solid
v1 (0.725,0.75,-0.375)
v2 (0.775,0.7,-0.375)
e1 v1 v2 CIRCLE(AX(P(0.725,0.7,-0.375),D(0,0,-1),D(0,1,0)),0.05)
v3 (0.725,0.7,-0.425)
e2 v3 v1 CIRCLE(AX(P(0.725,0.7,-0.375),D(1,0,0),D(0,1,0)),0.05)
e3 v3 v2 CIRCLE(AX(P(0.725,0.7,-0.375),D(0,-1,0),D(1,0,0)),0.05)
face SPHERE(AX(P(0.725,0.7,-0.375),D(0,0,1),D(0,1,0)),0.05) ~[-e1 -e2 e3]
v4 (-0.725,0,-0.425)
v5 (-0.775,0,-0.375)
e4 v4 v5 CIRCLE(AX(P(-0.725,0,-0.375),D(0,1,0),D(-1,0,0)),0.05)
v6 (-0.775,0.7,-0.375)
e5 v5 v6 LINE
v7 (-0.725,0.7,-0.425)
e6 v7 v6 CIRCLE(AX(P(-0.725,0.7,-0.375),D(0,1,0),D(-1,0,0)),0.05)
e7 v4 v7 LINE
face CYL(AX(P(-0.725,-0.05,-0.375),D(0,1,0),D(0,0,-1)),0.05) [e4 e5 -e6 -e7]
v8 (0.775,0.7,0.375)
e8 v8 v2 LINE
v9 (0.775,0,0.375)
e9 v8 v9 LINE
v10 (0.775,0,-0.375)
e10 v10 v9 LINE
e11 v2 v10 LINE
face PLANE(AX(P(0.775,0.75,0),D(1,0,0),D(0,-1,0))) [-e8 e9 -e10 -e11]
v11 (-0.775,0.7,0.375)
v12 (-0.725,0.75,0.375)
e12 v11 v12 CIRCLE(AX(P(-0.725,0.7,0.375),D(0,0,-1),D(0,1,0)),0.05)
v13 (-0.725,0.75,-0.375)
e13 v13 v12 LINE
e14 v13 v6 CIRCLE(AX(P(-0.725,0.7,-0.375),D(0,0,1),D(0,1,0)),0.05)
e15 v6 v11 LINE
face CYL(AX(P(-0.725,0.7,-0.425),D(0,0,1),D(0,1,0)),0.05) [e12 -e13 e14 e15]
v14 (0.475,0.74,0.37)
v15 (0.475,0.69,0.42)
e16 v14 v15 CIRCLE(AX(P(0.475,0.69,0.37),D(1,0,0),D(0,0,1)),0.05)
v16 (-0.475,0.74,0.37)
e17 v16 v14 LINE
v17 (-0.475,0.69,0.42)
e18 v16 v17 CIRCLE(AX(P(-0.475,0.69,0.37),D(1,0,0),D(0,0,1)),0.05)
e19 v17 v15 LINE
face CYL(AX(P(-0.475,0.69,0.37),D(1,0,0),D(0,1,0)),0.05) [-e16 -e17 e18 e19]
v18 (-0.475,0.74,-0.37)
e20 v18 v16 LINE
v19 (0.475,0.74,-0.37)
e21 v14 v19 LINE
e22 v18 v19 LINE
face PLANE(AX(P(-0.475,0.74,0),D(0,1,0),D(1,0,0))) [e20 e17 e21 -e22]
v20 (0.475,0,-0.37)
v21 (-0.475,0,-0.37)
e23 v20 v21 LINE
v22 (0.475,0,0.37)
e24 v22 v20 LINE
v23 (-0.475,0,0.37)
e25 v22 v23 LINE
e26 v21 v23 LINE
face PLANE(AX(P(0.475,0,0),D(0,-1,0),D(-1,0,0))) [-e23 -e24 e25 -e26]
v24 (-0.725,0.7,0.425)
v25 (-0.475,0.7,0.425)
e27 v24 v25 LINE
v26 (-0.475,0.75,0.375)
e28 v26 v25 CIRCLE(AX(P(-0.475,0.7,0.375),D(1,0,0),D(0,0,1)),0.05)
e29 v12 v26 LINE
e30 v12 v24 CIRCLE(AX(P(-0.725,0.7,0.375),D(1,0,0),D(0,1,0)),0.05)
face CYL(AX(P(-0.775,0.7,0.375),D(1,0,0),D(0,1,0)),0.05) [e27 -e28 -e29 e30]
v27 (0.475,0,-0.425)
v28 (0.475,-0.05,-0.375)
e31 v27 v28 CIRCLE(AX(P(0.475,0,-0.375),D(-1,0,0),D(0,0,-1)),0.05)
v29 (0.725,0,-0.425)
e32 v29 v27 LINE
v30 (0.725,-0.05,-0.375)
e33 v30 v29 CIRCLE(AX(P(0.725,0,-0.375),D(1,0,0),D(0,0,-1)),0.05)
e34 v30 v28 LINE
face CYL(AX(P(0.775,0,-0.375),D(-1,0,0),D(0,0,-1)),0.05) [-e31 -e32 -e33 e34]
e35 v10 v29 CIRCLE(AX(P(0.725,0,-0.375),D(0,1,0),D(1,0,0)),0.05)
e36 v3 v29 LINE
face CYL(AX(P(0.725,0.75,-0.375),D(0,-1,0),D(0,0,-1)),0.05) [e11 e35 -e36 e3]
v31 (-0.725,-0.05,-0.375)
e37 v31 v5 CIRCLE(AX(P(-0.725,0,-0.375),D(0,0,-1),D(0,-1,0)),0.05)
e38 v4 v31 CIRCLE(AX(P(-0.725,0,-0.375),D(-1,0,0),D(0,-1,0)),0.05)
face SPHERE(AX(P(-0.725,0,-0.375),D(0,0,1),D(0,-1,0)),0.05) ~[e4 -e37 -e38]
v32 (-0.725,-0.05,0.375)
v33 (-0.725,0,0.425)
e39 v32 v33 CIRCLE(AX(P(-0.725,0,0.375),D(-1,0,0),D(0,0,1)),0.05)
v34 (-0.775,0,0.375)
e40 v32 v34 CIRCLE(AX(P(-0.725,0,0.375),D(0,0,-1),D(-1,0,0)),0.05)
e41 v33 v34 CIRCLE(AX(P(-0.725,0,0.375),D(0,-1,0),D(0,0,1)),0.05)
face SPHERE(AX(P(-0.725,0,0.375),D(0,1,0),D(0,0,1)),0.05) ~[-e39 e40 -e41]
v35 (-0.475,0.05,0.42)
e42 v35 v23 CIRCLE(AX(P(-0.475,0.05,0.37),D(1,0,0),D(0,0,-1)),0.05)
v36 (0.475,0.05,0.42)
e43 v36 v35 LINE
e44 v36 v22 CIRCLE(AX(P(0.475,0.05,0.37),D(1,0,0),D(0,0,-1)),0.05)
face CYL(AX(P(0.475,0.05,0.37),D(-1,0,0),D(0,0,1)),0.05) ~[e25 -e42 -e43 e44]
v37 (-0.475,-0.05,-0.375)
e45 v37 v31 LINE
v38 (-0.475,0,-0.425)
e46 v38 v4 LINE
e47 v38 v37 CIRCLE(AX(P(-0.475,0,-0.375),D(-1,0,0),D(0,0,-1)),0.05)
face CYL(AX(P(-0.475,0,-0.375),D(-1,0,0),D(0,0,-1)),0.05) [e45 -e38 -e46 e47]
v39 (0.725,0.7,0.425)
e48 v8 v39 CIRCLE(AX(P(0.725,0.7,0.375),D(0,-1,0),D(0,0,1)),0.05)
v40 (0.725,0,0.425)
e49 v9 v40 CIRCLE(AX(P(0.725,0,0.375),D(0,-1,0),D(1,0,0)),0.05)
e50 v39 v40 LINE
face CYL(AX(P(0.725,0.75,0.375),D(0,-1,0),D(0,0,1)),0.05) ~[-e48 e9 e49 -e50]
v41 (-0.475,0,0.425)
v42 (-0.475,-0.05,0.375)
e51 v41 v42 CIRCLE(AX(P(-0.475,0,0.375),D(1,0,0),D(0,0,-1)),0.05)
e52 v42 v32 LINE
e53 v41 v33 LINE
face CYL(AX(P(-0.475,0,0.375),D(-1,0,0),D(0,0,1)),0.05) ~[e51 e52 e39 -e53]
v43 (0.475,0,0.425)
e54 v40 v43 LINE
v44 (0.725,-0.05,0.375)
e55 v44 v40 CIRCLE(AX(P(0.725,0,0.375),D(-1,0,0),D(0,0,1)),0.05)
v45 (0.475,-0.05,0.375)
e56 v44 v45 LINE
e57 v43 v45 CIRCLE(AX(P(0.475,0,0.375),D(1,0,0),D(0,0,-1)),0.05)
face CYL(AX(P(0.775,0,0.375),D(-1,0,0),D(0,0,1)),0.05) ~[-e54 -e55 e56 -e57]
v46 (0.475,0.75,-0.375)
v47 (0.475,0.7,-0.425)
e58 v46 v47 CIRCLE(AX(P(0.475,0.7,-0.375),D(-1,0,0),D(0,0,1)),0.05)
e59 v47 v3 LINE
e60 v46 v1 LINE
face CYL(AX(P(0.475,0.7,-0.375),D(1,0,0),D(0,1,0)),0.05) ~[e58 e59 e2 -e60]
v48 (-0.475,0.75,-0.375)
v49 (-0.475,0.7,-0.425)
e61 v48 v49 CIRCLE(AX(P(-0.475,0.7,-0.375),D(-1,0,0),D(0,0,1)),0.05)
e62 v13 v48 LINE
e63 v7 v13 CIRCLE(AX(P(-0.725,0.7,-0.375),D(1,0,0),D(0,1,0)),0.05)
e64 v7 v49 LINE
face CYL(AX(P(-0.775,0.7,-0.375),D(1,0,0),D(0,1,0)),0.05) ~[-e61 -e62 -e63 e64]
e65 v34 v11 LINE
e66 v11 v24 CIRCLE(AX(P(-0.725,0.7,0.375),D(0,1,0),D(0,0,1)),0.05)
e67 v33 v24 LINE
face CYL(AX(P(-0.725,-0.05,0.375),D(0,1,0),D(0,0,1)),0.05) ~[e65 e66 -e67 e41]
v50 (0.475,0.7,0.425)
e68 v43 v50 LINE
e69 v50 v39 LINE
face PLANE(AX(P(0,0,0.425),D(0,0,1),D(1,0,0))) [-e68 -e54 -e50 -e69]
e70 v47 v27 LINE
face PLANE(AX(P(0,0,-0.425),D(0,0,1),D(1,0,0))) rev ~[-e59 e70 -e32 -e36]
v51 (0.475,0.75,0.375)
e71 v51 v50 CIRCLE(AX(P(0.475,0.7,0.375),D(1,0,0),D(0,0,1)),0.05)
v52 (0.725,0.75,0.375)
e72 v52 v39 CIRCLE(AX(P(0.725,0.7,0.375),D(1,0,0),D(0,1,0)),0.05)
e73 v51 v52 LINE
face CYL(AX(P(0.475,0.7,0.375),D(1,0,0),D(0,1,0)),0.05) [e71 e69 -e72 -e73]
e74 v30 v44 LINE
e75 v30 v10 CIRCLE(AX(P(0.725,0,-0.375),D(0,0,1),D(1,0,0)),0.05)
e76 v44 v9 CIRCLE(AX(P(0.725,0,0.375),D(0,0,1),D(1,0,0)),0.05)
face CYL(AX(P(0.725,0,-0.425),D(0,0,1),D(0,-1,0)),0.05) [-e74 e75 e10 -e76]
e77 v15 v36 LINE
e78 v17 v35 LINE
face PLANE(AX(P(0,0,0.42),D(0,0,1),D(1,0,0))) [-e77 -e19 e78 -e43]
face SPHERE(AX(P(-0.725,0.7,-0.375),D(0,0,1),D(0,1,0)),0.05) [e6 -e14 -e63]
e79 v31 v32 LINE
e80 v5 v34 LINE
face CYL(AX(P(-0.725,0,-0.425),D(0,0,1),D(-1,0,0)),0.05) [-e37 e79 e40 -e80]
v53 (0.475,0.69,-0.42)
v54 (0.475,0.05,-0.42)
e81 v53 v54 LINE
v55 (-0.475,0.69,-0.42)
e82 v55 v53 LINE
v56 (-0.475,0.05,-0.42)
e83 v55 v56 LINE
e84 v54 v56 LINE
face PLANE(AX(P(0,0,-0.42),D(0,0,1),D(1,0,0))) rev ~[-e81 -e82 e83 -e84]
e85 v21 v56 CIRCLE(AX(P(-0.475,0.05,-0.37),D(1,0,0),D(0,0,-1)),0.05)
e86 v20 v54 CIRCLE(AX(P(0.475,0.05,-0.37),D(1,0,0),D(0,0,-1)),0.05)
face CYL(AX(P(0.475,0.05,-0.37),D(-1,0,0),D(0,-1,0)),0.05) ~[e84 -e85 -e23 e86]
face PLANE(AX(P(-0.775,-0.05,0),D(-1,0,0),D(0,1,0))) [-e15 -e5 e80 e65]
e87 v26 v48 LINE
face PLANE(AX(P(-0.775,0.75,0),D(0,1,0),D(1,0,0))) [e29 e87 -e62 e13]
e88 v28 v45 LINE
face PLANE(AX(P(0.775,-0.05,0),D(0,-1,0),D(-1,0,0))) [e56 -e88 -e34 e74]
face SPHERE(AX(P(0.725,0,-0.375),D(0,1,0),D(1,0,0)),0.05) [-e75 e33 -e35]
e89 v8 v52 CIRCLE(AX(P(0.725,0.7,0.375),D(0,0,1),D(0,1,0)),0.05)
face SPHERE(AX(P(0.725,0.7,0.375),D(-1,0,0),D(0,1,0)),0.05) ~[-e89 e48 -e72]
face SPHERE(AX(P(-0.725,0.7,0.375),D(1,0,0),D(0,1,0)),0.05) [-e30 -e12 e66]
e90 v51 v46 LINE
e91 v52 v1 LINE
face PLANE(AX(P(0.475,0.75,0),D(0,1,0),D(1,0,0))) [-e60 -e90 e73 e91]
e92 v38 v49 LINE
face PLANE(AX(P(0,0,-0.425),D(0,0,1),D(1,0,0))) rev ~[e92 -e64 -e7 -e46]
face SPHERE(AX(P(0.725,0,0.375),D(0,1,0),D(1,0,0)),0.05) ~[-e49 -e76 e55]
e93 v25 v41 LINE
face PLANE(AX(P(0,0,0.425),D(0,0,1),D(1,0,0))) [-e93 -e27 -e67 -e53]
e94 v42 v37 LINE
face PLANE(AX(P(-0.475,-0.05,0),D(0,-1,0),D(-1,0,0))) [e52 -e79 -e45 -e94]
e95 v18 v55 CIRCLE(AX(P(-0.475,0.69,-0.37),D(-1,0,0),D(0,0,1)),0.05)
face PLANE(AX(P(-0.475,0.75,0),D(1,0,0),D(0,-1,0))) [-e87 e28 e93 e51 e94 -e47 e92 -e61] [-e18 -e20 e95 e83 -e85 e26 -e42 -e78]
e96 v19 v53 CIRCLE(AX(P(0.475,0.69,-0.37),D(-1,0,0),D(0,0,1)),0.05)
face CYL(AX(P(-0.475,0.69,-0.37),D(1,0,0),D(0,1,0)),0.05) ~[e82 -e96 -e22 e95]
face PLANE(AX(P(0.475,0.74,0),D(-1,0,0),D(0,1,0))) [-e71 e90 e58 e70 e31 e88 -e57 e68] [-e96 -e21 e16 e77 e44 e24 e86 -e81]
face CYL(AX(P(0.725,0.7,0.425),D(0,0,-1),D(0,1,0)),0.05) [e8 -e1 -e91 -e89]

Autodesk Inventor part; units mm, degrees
ref_plane "YZ Plane" through (0, 0, 0) normal (1, 0, 0) x (0, 1, 0)
ref_plane "XZ Plane" through (0, 0, 0) normal (0, 1, 0) x (-1, 0, 0)
ref_plane "XY Plane" through (0, 0, 0) normal (0, 0, 1) x (1, 0, 0)
sketch "Sketch1" plane through (0, 0, 0) normal (0, 0, 1) x (1, 0, 0)
  line L0 (-0.775, 0.75) -> (-0.475, 0.75)
  line L1 (-0.475, 0.75) -> (-0.475, -0.05)
  line L2 (-0.475, -0.05) -> (-0.775, -0.05)
  line L3 (-0.775, -0.05) -> (-0.775, 0.75)
  line L4 (-0.475, 0.74) -> (0.475, 0.74)
  line L5 (0.475, 0.74) -> (0.475, 0)
  line L6 (0.475, 0) -> (-0.475, 0)
  line L7 (-0.475, 0) -> (-0.475, 0.74)
  line L8 (0.475, 0.75) -> (0.775, 0.75)
  line L9 (0.775, 0.75) -> (0.775, -0.05)
  line L10 (0.775, -0.05) -> (0.475, -0.05)
  line L11 (0.475, -0.05) -> (0.475, 0.75)
  point P0 (0, 0)
  point P1 (0, 0.74)
  point P2 (0, 0)
  dimension "d0" = 1.55
  dimension "d1" = 0.8
  dimension "d2" = 0.3
  dimension "d3" = 0.05
  dimension "d6" = 0.01
extrude "Extrusion1" add sketch "Sketch1" along normal mid plane 0.85 contours L0 L1 L2 L3 | L11 L8 L9 L10 L5
extrude "Extrusion2" add sketch "Sketch1" along normal mid plane 0.84 contours L4 L5 L6 L1
fillet "Fillet1" radius 0.05 20 edges at (0, 0.74, 0.42) (0, 0.74, -0.42) (0, 0, 0.42) (0, 0, -0.42) (-0.625, 0.75, 0.425) (-0.775, 0.75, 0) (-0.625, 0.75, -0.425) (-0.775, 0.35, 0.425) (-0.625, -0.05, 0.425) (-0.775, -0.05, 0) (-0.625, -0.05, -0.425) (-0.775, 0.35, -0.425) (0.625, 0.75, 0.425) (0.775, 0.75, 0) (0.625, 0.75, -0.425) (0.775, 0.35, 0.425) (0.775, 0.35, -0.425) (0.775, -0.05, 0) (0.625, -0.05, 0.425) (0.625, -0.05, -0.425)
properties part number "Capacitor_1608-0.8mm" material "Copper"
